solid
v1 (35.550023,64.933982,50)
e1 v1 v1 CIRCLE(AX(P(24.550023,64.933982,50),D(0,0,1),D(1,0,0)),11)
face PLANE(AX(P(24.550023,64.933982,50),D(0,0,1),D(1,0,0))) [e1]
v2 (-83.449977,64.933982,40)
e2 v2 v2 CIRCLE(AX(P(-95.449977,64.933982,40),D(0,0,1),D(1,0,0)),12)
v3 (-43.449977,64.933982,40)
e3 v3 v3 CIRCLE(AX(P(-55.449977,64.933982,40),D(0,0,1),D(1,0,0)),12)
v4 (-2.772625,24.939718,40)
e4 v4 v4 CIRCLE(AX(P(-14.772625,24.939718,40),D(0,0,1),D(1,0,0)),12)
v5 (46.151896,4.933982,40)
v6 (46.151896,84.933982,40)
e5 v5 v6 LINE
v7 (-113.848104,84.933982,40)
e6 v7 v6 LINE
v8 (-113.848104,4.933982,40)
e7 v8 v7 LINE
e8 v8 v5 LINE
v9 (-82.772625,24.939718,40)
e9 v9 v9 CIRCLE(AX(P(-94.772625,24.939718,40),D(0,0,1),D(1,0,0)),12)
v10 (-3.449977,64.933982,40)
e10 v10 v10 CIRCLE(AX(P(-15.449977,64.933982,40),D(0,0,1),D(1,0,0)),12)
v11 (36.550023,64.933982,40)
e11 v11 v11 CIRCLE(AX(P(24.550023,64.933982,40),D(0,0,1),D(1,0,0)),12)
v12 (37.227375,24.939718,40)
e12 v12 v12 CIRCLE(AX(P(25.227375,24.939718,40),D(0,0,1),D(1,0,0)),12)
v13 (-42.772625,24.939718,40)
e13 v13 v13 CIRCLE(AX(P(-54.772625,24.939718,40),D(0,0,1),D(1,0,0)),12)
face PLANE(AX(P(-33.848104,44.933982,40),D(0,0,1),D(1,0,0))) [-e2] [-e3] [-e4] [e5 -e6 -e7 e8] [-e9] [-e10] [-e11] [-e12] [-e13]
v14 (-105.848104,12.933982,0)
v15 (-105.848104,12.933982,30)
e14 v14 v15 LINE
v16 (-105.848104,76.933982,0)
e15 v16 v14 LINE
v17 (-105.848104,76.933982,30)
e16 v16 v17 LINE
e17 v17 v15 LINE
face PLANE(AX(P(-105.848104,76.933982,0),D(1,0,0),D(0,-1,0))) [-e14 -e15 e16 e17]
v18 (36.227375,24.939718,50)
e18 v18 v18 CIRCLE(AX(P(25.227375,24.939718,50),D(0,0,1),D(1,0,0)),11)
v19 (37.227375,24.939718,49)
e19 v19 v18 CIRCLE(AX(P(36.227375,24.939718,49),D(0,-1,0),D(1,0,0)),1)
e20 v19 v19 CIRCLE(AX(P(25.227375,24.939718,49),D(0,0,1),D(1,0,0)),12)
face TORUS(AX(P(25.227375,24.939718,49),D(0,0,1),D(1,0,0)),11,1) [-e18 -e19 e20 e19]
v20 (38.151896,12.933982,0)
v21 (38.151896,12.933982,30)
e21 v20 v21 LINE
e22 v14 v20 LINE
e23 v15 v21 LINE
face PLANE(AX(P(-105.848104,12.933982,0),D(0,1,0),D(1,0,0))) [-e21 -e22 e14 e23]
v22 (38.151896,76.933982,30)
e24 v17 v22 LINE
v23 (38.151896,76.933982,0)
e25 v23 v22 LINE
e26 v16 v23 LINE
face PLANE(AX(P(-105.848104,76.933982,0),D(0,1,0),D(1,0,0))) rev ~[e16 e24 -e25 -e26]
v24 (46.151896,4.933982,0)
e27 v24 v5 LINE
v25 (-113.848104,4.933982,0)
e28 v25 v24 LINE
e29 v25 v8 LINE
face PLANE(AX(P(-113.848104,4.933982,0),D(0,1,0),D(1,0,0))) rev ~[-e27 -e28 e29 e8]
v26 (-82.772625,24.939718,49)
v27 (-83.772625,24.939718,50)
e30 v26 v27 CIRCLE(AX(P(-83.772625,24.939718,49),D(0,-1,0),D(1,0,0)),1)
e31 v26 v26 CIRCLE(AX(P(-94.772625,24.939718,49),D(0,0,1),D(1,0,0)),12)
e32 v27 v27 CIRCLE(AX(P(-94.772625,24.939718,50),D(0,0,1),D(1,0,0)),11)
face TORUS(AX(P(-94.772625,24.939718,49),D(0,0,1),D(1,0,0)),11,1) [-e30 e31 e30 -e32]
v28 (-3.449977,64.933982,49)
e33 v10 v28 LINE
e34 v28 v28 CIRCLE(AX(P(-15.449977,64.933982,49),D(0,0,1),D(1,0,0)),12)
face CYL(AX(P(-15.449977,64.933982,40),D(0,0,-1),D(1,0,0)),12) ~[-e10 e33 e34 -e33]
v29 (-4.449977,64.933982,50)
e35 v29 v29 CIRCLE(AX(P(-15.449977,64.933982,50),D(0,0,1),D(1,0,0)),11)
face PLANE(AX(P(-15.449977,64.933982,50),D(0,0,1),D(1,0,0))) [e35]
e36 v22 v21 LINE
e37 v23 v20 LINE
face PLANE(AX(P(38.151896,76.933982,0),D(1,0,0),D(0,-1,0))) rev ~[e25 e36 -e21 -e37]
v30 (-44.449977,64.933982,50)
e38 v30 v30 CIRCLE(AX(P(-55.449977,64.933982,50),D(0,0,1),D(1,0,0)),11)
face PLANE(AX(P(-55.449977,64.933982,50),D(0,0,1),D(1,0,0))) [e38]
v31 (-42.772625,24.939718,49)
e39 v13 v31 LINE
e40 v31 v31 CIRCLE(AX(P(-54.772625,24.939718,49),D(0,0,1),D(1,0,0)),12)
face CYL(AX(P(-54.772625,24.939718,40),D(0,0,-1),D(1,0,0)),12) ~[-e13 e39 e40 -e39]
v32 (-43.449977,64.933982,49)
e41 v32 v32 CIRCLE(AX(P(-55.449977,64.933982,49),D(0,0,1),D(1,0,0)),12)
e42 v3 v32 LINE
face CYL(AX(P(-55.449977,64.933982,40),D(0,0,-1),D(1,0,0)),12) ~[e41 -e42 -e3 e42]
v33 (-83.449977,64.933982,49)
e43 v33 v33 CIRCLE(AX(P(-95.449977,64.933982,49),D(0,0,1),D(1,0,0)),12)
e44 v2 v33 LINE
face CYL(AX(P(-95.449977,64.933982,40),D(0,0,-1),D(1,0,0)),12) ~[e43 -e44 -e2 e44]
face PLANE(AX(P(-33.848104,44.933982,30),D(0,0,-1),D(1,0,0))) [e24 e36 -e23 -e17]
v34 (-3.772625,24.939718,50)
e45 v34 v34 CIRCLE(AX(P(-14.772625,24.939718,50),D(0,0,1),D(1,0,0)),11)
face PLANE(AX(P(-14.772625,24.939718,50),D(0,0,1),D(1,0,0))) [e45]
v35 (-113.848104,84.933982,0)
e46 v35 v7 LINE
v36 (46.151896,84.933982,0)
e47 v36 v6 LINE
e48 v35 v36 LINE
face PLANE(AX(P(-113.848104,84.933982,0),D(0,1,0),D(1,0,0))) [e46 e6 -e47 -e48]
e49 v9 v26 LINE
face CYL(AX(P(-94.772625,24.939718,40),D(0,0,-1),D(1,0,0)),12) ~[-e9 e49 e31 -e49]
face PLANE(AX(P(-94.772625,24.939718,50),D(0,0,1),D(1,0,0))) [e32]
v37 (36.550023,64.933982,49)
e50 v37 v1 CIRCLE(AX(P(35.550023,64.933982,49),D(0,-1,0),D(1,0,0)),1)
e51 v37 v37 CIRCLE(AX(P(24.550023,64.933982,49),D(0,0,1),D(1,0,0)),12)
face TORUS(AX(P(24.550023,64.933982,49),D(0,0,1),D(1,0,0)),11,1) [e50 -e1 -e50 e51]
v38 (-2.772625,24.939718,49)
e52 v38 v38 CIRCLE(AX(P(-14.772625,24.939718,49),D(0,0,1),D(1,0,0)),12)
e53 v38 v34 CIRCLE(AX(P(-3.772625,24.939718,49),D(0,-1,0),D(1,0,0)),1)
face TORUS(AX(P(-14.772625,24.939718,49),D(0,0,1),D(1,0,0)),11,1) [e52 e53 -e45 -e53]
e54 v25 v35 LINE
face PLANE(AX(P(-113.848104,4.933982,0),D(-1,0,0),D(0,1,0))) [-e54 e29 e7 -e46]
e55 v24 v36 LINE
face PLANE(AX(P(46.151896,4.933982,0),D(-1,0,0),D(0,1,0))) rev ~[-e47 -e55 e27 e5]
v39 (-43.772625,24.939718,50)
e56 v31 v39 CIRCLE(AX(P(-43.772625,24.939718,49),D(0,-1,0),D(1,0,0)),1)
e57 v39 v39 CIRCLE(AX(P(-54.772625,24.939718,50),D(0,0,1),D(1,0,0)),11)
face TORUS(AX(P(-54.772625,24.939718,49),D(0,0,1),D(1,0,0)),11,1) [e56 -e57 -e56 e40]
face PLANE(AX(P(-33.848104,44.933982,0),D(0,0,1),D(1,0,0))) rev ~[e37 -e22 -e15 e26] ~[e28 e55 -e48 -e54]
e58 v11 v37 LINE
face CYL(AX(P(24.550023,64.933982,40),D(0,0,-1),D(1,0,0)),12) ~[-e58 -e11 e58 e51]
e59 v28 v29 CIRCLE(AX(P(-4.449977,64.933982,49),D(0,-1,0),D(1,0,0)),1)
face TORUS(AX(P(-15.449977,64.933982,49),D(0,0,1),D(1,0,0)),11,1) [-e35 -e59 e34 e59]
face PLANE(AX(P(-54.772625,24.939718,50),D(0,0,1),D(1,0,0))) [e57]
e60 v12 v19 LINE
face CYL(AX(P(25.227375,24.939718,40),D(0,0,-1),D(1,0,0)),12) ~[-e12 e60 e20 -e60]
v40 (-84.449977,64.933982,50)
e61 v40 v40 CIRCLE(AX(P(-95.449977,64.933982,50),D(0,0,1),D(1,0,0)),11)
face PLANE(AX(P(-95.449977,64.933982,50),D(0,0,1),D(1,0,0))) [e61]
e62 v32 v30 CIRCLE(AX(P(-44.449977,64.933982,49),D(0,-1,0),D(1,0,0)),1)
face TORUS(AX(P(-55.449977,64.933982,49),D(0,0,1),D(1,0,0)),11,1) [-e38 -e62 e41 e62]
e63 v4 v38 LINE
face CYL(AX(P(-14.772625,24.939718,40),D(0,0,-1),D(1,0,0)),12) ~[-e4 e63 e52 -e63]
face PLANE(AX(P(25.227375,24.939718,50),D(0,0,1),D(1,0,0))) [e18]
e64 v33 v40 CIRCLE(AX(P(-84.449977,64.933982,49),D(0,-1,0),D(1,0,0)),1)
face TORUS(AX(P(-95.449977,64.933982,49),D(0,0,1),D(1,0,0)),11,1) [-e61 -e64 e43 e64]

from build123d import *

# Parameters (mm, degrees)
F0_W     = 160
F0_H     = 80
F1_DEPTH = 40
F2_W     = 144
F2_H     = 64
F3_DEPTH = 30
F4_R     = 12
F5_DEPTH = 10
F6_R     = 1


with BuildPart() as f1:
    # F0 (on Top) → F1 (new body)
    with BuildSketch(Plane.XY):
        with Locations((-33.848104, 44.933982)):
            Rectangle(F0_W, F0_H)
    extrude(amount=F1_DEPTH)

    # F2 (on face) → F3 (cut)
    with BuildSketch(Plane(origin=(0, 0, 0), x_dir=(1, 0, 0), z_dir=(0, 0, -1))):
        with Locations((-33.848104, -44.933982)):
            Rectangle(F2_W, F2_H)
    extrude(amount=-F3_DEPTH, mode=Mode.SUBTRACT)

    # F4 (on face) → F5 (join)
    with BuildSketch(Plane.XY.offset(40)):
        with Locations((-95.449977, 64.933982)):
            Circle(F4_R)
        with Locations((-94.772625, 24.939718)):
            Circle(F4_R)
        with Locations((-55.449977, 64.933982)):
            Circle(F4_R)
        with Locations((-54.772625, 24.939718)):
            Circle(F4_R)
        with Locations((-15.449977, 64.933982)):
            Circle(F4_R)
        with Locations((-14.772625, 24.939718)):
            Circle(F4_R)
        with Locations((24.550023, 64.933982)):
            Circle(F4_R)
        with Locations((25.227375, 24.939718)):
            Circle(F4_R)
    extrude(amount=F5_DEPTH)

    # F6
    f6_edges = [f1.edges().sort_by_distance(p)[0] for p in [
        (-107.449977, 64.933982, 50),
        (-67.449977, 64.933982, 50),
        (-27.449977, 64.933982, 50),
        (12.550023, 64.933982, 50),
        (-106.772625, 24.939718, 50),
        (-66.772625, 24.939718, 50),
        (-26.772625, 24.939718, 50),
        (13.227375, 24.939718, 50),
    ]]
    fillet(f6_edges, radius=F6_R)


solid = f1.part
